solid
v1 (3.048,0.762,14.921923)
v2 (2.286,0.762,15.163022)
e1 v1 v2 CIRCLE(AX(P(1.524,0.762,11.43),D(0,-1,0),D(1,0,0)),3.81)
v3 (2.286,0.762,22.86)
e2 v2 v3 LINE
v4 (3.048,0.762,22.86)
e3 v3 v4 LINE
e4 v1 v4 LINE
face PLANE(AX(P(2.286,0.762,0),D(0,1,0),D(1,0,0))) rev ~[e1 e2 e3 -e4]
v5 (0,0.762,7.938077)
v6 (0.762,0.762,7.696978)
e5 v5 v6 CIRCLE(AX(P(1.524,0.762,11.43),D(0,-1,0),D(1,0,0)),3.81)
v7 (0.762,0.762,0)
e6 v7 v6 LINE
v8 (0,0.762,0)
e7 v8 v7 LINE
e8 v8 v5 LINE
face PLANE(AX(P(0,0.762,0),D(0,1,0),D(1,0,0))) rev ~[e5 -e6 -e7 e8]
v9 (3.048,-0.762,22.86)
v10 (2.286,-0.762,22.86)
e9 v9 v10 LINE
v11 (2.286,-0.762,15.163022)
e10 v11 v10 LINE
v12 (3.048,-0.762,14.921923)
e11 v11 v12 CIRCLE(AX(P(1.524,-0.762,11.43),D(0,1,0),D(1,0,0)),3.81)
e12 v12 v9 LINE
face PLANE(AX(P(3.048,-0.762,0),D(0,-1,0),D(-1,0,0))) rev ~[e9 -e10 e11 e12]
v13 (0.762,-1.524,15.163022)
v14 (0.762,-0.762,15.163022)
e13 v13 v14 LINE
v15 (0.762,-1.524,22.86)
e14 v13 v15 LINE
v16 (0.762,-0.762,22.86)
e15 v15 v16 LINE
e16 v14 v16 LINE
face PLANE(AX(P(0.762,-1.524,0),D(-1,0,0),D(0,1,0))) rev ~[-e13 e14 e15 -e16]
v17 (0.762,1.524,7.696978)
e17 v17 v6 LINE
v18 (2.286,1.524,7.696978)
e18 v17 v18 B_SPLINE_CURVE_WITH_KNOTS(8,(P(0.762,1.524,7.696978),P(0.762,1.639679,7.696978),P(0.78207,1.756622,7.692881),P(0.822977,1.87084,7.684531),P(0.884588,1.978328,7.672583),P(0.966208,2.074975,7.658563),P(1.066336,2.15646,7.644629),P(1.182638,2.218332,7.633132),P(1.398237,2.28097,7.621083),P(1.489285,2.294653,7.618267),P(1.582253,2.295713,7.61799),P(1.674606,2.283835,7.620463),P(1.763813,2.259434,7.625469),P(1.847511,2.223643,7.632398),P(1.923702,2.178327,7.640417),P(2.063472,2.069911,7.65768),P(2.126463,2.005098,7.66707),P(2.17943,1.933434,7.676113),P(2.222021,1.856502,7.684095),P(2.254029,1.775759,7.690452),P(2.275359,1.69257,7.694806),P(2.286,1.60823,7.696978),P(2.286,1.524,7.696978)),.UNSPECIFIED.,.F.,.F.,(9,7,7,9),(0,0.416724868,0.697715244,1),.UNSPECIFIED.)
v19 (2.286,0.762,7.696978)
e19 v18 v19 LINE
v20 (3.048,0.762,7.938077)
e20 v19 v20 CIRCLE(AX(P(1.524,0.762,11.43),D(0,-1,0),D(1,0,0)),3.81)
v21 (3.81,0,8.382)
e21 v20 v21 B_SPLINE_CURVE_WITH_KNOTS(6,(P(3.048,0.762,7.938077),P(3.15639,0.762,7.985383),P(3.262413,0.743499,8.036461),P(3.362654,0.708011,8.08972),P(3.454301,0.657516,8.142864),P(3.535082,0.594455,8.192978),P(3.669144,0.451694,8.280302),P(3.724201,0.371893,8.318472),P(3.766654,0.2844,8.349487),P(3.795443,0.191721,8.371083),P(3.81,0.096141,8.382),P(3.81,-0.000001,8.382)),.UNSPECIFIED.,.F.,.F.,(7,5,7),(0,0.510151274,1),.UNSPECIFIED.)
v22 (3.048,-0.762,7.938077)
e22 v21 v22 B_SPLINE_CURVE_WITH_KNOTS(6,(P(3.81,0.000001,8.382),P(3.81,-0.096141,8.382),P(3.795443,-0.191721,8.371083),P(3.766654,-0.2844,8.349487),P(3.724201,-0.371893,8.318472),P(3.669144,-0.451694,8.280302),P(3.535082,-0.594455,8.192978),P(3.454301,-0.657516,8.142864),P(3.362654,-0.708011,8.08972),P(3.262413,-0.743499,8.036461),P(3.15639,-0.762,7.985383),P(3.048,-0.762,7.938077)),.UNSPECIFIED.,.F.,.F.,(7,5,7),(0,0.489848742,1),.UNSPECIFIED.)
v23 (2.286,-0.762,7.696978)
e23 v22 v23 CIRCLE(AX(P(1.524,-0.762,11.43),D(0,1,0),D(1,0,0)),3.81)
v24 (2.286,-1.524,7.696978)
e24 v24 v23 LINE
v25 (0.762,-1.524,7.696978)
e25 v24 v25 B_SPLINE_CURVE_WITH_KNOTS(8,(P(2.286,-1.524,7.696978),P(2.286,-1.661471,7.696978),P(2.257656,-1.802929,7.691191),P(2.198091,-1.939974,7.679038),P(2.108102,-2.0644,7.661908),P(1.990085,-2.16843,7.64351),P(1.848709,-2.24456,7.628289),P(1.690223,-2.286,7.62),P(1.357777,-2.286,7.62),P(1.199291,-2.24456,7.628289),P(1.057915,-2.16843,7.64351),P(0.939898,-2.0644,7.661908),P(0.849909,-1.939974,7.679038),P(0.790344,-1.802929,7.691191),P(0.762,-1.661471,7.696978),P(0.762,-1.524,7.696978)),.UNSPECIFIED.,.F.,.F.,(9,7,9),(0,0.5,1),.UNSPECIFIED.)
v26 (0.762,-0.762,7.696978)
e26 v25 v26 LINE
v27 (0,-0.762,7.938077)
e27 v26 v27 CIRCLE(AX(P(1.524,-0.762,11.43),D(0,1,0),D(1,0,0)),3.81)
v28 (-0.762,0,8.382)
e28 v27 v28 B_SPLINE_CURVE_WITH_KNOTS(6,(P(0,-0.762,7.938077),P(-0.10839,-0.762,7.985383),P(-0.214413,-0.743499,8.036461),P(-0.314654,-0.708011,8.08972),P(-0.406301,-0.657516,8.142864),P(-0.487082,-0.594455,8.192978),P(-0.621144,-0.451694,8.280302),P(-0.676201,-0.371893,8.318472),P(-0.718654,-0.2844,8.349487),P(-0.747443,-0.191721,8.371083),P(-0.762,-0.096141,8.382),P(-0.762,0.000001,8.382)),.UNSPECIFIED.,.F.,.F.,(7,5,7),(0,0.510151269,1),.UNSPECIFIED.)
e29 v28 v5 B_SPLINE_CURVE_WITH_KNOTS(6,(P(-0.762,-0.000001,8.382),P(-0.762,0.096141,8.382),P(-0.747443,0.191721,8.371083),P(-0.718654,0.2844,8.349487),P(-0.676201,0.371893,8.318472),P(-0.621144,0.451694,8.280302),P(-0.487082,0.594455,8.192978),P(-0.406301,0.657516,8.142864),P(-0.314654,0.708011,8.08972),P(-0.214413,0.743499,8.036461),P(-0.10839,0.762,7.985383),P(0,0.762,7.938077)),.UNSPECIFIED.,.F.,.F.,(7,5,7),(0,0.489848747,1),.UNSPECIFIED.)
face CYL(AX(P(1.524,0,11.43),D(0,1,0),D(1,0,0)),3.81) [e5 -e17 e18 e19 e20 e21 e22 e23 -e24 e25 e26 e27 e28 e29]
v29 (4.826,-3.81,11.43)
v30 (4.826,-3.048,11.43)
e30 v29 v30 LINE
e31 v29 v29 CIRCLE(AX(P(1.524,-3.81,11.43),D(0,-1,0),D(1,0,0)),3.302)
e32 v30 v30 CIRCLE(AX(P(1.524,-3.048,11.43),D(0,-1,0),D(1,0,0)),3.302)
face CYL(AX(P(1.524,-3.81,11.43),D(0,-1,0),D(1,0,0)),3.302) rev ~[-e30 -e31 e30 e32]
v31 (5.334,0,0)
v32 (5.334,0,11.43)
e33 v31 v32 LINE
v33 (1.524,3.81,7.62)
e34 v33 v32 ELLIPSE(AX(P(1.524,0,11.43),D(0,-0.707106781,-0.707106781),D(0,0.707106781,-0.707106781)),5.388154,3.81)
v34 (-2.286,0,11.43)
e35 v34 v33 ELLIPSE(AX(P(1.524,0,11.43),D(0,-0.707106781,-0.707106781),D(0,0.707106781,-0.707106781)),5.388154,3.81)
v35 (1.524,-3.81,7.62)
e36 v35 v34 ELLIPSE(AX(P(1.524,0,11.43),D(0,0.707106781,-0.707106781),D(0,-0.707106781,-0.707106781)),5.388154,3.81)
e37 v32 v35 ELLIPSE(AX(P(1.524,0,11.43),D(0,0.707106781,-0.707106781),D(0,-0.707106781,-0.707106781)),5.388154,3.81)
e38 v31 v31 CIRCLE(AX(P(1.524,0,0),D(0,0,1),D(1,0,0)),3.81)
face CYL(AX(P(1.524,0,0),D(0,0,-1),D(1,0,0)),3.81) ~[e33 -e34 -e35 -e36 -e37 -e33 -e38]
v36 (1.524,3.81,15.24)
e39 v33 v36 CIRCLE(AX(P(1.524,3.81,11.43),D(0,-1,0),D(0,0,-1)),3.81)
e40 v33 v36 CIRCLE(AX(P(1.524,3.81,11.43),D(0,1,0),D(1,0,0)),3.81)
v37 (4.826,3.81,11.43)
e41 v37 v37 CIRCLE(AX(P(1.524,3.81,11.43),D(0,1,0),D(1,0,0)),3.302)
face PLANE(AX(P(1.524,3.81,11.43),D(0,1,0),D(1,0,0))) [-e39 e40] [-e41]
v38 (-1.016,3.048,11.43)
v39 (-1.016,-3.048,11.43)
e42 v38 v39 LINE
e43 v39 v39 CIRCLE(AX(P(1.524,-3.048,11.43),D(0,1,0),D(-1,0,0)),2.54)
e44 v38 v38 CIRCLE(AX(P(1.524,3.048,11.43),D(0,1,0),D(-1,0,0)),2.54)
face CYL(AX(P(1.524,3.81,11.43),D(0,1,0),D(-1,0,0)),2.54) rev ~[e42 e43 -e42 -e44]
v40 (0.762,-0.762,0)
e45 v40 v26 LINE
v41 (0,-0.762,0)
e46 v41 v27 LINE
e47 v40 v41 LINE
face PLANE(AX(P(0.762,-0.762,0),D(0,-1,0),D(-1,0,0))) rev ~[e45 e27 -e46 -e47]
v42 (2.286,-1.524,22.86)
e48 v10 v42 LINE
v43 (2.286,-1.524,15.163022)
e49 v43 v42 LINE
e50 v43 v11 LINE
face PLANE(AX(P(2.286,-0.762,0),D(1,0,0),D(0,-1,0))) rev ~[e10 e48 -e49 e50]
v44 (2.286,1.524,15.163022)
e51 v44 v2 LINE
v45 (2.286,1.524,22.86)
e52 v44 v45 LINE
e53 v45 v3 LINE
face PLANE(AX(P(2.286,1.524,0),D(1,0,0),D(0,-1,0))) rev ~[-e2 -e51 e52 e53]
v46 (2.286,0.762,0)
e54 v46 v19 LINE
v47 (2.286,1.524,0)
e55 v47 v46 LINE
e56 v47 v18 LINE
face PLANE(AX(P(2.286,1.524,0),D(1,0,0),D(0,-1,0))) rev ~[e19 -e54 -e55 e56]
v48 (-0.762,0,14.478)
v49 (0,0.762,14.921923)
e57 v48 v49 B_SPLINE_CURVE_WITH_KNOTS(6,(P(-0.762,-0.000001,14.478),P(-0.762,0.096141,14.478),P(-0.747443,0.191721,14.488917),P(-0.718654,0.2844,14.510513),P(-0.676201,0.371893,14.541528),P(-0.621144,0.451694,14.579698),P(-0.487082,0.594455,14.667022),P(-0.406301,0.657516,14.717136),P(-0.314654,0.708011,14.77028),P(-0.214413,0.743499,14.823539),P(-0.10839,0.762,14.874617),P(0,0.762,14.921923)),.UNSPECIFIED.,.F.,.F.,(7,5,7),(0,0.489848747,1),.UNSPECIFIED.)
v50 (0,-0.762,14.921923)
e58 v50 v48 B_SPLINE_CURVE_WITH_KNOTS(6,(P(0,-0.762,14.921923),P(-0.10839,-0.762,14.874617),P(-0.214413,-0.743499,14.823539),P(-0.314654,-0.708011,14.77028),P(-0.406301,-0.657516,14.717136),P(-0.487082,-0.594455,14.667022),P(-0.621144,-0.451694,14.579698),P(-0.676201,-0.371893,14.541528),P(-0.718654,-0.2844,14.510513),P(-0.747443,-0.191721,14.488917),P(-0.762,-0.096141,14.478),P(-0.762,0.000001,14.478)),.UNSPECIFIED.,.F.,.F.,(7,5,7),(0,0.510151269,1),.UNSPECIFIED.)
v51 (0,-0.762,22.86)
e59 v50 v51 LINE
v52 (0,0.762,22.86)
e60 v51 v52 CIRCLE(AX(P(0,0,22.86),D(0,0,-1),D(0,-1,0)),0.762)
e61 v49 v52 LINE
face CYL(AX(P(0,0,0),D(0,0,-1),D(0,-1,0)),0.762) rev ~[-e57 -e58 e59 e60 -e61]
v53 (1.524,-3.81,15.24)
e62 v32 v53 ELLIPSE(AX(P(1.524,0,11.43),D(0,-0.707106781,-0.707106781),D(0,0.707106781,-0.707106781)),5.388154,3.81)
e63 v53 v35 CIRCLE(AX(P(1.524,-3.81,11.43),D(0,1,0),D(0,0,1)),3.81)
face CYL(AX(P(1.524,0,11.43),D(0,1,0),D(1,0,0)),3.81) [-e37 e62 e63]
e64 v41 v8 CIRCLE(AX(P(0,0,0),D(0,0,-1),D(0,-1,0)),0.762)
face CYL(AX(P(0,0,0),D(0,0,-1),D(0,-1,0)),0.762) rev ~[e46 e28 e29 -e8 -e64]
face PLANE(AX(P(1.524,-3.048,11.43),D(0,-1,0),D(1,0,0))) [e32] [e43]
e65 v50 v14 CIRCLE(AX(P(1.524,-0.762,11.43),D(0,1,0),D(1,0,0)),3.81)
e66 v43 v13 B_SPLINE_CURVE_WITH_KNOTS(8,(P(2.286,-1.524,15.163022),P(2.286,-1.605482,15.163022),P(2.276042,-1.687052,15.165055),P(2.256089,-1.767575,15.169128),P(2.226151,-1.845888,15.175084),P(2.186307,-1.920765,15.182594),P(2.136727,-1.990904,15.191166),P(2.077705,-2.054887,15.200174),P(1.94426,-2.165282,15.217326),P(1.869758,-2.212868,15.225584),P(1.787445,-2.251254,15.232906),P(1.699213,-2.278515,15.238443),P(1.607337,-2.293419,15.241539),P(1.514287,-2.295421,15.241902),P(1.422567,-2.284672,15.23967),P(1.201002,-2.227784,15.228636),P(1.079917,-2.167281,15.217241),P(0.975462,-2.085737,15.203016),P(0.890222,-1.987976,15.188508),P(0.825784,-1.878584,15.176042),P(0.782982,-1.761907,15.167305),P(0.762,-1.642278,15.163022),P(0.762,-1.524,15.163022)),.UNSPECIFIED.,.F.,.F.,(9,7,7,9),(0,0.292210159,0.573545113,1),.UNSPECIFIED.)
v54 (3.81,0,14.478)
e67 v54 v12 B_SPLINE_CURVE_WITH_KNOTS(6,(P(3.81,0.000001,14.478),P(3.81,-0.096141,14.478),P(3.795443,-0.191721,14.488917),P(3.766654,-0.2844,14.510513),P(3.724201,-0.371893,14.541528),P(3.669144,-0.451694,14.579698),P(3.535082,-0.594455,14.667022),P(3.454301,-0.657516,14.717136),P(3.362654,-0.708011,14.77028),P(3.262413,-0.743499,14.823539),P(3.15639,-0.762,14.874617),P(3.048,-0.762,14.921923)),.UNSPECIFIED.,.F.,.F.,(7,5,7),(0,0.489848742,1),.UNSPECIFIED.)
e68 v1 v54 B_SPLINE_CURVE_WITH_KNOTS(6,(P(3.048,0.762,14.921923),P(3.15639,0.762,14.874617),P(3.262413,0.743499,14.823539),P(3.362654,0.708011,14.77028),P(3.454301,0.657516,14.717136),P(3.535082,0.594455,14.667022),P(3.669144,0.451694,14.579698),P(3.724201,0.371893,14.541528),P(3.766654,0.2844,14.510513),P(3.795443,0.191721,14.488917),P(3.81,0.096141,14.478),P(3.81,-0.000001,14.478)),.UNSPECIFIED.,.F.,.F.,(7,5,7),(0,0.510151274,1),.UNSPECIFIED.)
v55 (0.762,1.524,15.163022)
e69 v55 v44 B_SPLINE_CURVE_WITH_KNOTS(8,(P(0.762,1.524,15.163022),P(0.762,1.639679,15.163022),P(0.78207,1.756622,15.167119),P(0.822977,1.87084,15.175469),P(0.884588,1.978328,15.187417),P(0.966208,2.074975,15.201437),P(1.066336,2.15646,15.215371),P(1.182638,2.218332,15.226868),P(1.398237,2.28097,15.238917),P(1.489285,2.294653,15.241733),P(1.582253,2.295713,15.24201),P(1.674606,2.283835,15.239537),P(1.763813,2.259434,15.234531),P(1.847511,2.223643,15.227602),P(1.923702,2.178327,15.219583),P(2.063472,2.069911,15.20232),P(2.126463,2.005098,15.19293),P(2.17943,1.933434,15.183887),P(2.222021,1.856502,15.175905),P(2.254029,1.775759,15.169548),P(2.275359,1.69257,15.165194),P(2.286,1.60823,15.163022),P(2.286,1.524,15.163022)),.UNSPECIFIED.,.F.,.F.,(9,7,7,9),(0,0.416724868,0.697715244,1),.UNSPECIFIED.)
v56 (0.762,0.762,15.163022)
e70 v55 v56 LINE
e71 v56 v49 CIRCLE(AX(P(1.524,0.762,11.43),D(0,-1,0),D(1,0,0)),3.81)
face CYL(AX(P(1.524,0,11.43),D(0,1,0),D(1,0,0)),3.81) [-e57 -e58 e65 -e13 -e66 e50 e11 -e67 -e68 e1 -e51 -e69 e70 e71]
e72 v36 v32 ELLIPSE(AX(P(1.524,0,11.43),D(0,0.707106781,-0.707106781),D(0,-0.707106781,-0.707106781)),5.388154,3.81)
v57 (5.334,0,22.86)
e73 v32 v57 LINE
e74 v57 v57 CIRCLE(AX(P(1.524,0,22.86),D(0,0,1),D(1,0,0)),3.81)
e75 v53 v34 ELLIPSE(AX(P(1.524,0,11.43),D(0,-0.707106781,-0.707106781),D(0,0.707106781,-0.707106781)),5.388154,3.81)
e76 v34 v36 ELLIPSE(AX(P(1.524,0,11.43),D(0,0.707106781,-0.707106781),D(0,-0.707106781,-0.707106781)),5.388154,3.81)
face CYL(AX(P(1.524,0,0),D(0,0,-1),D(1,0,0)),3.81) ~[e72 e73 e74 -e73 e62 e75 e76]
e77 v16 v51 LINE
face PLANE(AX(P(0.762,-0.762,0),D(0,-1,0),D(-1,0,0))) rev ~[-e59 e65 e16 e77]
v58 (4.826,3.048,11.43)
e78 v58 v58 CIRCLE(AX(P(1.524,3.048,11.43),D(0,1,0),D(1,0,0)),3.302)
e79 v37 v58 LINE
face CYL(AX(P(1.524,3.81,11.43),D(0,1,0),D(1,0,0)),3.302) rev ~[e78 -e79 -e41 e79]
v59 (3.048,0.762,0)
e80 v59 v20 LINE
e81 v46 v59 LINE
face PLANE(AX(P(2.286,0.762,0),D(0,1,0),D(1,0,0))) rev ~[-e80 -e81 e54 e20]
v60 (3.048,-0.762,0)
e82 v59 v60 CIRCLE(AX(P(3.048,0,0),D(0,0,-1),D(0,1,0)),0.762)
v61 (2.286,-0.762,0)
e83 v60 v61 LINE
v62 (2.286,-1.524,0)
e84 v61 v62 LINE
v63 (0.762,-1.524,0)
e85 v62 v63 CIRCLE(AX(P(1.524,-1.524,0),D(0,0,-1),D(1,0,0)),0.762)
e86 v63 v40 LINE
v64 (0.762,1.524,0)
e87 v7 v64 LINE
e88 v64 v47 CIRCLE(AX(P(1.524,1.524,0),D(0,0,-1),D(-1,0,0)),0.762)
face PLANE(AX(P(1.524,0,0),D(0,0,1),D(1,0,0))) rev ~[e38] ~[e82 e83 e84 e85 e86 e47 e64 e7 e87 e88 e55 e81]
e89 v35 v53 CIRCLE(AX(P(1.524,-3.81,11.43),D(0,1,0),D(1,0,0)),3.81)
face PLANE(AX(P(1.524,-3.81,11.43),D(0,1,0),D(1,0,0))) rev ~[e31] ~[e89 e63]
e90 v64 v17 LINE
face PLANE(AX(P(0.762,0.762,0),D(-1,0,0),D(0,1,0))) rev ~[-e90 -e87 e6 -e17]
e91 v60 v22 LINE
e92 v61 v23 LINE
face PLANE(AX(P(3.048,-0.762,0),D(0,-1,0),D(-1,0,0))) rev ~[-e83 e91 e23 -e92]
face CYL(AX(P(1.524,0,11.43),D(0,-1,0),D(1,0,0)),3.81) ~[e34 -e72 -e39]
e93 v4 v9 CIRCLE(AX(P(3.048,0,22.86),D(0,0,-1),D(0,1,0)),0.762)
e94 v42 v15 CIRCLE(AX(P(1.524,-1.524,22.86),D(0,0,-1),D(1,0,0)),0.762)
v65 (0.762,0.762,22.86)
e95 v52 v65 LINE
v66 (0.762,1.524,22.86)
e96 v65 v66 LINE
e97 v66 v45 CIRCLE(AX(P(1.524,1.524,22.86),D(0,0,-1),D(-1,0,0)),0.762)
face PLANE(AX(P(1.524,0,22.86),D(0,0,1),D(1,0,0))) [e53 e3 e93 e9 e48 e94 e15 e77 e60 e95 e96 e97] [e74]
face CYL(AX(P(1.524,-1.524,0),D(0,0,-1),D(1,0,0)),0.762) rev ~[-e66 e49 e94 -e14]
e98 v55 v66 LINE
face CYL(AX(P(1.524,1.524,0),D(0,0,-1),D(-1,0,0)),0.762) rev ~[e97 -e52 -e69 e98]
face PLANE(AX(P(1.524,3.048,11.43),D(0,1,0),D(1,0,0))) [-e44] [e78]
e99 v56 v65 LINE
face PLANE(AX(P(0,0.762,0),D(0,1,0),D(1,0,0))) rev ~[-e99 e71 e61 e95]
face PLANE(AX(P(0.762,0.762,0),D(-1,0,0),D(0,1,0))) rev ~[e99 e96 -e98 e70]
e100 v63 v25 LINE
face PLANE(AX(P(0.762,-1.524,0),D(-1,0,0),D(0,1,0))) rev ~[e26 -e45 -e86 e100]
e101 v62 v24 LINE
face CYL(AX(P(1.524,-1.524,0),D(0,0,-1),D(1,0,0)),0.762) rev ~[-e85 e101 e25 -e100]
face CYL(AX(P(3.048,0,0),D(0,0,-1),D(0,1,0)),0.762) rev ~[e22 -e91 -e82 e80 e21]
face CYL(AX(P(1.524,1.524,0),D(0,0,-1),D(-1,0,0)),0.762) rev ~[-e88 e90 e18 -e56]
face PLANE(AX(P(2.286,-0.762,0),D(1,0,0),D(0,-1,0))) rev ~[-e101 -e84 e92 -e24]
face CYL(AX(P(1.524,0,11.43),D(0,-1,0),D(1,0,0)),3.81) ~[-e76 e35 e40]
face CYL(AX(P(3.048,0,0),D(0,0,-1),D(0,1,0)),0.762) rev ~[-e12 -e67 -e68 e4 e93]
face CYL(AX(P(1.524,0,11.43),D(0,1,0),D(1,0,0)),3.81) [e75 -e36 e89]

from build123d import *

# Parameters (mm, degrees)
SKETCH1_R                = 3.81
BOSS_EXTRUDE1_DEPTH      = 22.86
BOSS_EXTRUDE2_DEPTH      = 3.81
BOSS_EXTRUDE2_DEPTH_BACK = 3.81
SKETCH2_R                = 3.81
SKETCH4_R                = 2.54
CUT_EXTRUDE1_DEPTH       = 25.679861437
SKETCH5_R                = 3.302
CUT_EXTRUDE2_DEPTH       = 0.762
CUT_EXTRUDE3_START       = -0.762
SKETCH6_R                = 3.302
CUT_EXTRUDE3_DEPTH       = 0.762


with BuildPart() as part:
    # Sketch1 → Boss-Extrude1 (new body)
    with BuildSketch(Plane.XY):
        with Locations((1.524, 0)):
            Circle(SKETCH1_R)
        with BuildLine():
            ThreePointArc((0, -0.762), (-0.762, 0), (0, 0.762))
            Line((0, 0.762), (0.762, 0.762))
            Line((0.762, 0.762), (0.762, 1.524))
            ThreePointArc((0.762, 1.524), (1.524, 2.286), (2.286, 1.524))
            Line((2.286, 1.524), (2.286, 0.762))
            Line((2.286, 0.762), (3.048, 0.762))
            ThreePointArc((3.048, 0.762), (3.81, 0), (3.048, -0.762))
            Line((3.048, -0.762), (2.286, -0.762))
            Line((2.286, -0.762), (2.286, -1.524))
            ThreePointArc((2.286, -1.524), (1.524, -2.286), (0.762, -1.524))
            Line((0.762, -1.524), (0.762, -0.762))
            Line((0.762, -0.762), (0, -0.762))
        make_face(mode=Mode.SUBTRACT)
    extrude(amount=BOSS_EXTRUDE1_DEPTH)

    # Sketch2 → Boss-Extrude2 (add, two sides: drawn at the far end of the back side and taken through both)
    with BuildSketch(Plane(origin=(0, 0, 0), x_dir=(1, 0, 0), z_dir=(0, 1, 0)).offset(-BOSS_EXTRUDE2_DEPTH_BACK)):
        with Locations((1.524, -11.43)):
            Circle(SKETCH2_R)
    extrude(amount=BOSS_EXTRUDE2_DEPTH + BOSS_EXTRUDE2_DEPTH_BACK)

    # Sketch4 → Cut-Extrude1 (cut, through all)
    with BuildSketch(Plane(origin=(0, 3.81, 0), x_dir=(-1, 0, 0), z_dir=(0, 1, 0))):
        with Locations((-1.524, 11.43)):
            Circle(SKETCH4_R)
    extrude(amount=-CUT_EXTRUDE1_DEPTH, mode=Mode.SUBTRACT)

    # Sketch5 → Cut-Extrude2 (cut)
    with BuildSketch(Plane(origin=(0, 3.81, 0), x_dir=(1, 0, 0), z_dir=(0, 1, 0))):
        with Locations((1.524, -11.43)):
            Circle(SKETCH5_R)
    extrude(amount=-CUT_EXTRUDE2_DEPTH, mode=Mode.SUBTRACT)

    # Sketch6 → Cut-Extrude3 (cut)
    with BuildSketch(Plane.XZ.offset(3.81).offset(CUT_EXTRUDE3_START)):
        with Locations((1.524, 11.43)):
            Circle(SKETCH6_R)
    extrude(amount=CUT_EXTRUDE3_DEPTH, mode=Mode.SUBTRACT)


solid = part.part
